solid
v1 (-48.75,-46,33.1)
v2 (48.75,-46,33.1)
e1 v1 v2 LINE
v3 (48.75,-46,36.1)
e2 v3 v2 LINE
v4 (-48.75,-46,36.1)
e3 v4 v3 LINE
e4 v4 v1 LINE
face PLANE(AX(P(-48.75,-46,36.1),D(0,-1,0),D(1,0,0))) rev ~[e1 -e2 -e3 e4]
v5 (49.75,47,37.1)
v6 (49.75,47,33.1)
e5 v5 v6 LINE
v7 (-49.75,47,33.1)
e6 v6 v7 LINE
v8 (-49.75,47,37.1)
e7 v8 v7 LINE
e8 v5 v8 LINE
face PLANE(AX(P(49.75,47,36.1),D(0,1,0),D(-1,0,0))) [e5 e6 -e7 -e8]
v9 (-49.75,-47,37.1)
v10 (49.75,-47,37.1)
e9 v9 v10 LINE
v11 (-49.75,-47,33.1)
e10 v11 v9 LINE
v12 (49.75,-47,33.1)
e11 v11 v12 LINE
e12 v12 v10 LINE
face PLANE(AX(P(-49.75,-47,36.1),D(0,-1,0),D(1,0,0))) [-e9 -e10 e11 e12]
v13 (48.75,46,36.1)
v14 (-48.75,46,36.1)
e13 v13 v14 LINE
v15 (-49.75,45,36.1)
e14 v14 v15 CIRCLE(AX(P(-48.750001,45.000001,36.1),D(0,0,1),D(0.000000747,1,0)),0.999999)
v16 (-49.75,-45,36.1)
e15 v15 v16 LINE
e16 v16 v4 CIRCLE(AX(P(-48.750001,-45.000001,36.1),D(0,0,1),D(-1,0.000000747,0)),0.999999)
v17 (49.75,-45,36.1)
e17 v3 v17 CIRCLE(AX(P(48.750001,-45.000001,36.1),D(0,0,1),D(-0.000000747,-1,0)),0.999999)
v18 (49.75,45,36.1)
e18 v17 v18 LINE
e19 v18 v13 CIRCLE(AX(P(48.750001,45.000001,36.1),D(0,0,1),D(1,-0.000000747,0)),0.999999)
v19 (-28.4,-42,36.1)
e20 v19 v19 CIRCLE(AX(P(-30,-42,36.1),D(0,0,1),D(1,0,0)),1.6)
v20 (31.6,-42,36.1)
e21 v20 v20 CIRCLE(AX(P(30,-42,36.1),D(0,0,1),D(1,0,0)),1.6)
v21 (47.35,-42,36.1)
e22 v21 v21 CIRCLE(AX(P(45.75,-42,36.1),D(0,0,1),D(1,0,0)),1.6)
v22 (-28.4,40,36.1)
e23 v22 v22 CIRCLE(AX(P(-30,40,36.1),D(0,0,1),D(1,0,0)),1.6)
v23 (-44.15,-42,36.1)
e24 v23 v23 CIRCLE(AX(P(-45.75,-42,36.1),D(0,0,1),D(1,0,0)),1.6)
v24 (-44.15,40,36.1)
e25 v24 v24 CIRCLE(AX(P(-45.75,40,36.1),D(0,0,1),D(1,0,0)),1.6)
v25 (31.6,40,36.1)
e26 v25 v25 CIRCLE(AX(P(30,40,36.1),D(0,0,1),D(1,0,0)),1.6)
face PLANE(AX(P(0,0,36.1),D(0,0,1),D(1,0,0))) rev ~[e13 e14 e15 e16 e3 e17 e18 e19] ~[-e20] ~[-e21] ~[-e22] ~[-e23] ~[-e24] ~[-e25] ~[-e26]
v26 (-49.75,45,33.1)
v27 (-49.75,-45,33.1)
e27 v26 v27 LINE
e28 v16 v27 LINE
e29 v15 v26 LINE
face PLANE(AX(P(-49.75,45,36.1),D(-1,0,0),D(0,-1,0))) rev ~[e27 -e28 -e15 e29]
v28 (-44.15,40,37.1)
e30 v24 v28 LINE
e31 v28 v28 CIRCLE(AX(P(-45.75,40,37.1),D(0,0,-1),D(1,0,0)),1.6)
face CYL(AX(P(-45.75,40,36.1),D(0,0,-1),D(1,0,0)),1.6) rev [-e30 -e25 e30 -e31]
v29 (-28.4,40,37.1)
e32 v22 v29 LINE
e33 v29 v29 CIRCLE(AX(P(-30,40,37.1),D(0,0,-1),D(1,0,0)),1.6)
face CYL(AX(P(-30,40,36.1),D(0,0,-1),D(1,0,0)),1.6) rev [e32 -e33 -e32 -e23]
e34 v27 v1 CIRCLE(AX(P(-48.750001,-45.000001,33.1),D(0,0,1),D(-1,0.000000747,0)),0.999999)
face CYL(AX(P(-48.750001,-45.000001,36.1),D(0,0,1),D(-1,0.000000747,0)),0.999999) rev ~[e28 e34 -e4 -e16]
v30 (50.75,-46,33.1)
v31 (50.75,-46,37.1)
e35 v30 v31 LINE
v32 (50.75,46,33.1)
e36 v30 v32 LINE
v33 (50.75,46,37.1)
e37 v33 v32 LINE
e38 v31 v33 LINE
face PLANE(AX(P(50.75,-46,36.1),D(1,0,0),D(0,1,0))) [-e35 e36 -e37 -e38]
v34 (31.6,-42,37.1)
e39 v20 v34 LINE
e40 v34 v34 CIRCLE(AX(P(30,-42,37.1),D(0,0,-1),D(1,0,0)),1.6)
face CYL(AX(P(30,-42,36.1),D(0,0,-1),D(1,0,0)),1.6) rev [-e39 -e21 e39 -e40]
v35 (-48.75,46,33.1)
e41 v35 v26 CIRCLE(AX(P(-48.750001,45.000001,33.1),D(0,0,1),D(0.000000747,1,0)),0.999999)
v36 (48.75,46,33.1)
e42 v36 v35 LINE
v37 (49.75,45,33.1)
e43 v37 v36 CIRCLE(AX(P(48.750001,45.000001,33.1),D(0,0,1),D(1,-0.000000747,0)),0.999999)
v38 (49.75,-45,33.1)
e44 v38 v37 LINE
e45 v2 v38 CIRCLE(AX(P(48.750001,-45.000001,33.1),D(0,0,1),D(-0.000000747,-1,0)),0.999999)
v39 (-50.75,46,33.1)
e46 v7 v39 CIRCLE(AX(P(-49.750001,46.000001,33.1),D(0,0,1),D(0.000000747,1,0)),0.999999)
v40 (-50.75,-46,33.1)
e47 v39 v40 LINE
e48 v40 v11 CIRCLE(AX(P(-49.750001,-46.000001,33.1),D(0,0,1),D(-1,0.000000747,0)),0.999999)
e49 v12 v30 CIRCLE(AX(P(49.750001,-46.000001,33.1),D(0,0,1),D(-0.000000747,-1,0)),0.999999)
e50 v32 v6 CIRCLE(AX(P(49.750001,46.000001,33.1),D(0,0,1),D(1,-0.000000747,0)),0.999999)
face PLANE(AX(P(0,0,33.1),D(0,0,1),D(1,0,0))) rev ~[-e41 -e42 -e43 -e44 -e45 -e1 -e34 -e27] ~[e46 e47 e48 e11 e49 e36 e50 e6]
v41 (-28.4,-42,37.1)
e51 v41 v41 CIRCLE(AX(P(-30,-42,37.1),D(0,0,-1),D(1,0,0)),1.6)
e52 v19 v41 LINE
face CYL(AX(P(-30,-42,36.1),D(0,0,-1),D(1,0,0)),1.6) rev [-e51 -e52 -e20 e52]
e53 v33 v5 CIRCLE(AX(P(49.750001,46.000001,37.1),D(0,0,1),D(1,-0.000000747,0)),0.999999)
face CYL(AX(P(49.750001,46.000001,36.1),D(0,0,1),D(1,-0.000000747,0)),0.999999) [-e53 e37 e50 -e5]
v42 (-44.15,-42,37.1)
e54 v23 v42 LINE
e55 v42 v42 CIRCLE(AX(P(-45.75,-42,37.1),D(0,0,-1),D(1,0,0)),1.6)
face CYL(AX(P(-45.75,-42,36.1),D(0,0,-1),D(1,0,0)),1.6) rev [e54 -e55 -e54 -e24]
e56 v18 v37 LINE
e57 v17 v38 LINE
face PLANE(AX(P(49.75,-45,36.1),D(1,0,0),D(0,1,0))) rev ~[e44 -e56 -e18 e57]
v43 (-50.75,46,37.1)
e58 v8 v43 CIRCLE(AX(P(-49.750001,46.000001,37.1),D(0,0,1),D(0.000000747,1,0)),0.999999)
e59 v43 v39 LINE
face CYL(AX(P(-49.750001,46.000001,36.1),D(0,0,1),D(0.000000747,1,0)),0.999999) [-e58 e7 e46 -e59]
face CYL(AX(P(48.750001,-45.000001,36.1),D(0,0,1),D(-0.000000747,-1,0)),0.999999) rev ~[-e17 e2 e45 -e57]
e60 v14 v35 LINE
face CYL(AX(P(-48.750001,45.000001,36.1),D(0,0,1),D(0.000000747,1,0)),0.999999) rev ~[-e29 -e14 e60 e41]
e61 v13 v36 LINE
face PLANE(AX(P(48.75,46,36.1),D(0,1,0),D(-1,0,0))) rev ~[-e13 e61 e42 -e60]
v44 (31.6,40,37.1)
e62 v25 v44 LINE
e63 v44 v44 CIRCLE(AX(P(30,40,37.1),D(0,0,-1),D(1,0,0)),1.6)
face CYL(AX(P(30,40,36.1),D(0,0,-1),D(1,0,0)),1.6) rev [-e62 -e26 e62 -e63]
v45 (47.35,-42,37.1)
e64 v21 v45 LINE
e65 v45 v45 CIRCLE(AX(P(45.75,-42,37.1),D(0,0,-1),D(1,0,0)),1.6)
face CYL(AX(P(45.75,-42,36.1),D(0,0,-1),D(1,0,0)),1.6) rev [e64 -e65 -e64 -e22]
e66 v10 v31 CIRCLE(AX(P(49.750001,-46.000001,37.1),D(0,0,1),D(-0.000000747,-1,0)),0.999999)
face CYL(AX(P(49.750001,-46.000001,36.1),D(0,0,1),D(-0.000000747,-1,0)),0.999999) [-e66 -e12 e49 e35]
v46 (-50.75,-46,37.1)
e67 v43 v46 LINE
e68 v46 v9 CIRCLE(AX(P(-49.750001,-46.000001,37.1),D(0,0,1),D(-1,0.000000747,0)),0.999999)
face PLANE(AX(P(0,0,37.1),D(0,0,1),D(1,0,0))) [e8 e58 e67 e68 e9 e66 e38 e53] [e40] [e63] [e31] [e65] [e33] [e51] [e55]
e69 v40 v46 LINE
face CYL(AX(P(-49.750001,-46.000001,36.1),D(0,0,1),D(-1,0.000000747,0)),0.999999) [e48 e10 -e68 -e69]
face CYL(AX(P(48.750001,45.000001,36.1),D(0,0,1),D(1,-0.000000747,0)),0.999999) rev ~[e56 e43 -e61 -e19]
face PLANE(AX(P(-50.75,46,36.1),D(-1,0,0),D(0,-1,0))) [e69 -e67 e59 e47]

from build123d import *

# Parameters (mm, degrees)
PAD024_DEPTH    = 1
PAD025_DEPTH    = 3
SKETCH042_R     = 1.6
POCKET018_DEPTH = 5


with BuildPart() as part:
    # Sketch040 → Pad024 (new body)
    with BuildSketch(Plane.XY):
        with BuildLine():
            Line((-50.75, 46), (-50.75, -46))
            ThreePointArc((-50.75, -46), (-50.457107, -46.707107), (-49.75, -47))
            Line((-49.75, -47), (49.75, -47))
            ThreePointArc((49.75, -47), (50.457107, -46.707107), (50.75, -46))
            Line((50.75, -46), (50.75, 46))
            ThreePointArc((50.75, 46), (50.457107, 46.707107), (49.75, 47))
            Line((49.75, 47), (-49.75, 47))
            ThreePointArc((-49.75, 47), (-50.457107, 46.707107), (-50.75, 46))
        make_face()
    extrude(amount=PAD024_DEPTH)

    # Sketch041 → Pad025 (join)
    with BuildSketch(Plane.XY):
        with BuildLine():
            Line((-50.75, 46), (-50.75, -46))
            ThreePointArc((-50.75, -46), (-50.457107, -46.707107), (-49.75, -47))
            Line((-49.75, -47), (49.75, -47))
            ThreePointArc((49.75, -47), (50.457107, -46.707107), (50.75, -46))
            Line((50.75, -46), (50.75, 46))
            ThreePointArc((50.75, 46), (50.457107, 46.707107), (49.75, 47))
            Line((49.75, 47), (-49.75, 47))
            ThreePointArc((-49.75, 47), (-50.457107, 46.707107), (-50.75, 46))
        make_face()
        with BuildLine():
            Line((-49.75, 45), (-49.75, -45))
            ThreePointArc((-49.75, -45), (-49.457107, -45.707107), (-48.75, -46))
            Line((-48.75, -46), (48.75, -46))
            ThreePointArc((48.75, -46), (49.457107, -45.707107), (49.75, -45))
            Line((49.75, -45), (49.75, 45))
            ThreePointArc((49.75, 45), (49.457107, 45.707107), (48.75, 46))
            Line((48.75, 46), (-48.75, 46))
            ThreePointArc((-48.75, 46), (-49.457107, 45.707107), (-49.75, 45))
        make_face(mode=Mode.SUBTRACT)
    extrude(amount=-PAD025_DEPTH)

    # Sketch042 → Pocket018 (cut)
    with BuildSketch(Plane.XY):
        with Locations((-45.75, 40)):
            Circle(SKETCH042_R)
        with Locations((-30, 40)):
            Circle(SKETCH042_R)
        with Locations((30, 40)):
            Circle(SKETCH042_R)
        with Locations((-30, -42)):
            Circle(SKETCH042_R)
        with Locations((-45.75, -42)):
            Circle(SKETCH042_R)
        with Locations((30, -42)):
            Circle(SKETCH042_R)
        with Locations((45.75, -42)):
            Circle(SKETCH042_R)
    extrude(amount=POCKET018_DEPTH, mode=Mode.SUBTRACT)


with BuildPart() as part_1:
    # Body010 placement: moved
    add(part.part.moved(Location((0, 0, 36.1))))


solid = part_1.part
